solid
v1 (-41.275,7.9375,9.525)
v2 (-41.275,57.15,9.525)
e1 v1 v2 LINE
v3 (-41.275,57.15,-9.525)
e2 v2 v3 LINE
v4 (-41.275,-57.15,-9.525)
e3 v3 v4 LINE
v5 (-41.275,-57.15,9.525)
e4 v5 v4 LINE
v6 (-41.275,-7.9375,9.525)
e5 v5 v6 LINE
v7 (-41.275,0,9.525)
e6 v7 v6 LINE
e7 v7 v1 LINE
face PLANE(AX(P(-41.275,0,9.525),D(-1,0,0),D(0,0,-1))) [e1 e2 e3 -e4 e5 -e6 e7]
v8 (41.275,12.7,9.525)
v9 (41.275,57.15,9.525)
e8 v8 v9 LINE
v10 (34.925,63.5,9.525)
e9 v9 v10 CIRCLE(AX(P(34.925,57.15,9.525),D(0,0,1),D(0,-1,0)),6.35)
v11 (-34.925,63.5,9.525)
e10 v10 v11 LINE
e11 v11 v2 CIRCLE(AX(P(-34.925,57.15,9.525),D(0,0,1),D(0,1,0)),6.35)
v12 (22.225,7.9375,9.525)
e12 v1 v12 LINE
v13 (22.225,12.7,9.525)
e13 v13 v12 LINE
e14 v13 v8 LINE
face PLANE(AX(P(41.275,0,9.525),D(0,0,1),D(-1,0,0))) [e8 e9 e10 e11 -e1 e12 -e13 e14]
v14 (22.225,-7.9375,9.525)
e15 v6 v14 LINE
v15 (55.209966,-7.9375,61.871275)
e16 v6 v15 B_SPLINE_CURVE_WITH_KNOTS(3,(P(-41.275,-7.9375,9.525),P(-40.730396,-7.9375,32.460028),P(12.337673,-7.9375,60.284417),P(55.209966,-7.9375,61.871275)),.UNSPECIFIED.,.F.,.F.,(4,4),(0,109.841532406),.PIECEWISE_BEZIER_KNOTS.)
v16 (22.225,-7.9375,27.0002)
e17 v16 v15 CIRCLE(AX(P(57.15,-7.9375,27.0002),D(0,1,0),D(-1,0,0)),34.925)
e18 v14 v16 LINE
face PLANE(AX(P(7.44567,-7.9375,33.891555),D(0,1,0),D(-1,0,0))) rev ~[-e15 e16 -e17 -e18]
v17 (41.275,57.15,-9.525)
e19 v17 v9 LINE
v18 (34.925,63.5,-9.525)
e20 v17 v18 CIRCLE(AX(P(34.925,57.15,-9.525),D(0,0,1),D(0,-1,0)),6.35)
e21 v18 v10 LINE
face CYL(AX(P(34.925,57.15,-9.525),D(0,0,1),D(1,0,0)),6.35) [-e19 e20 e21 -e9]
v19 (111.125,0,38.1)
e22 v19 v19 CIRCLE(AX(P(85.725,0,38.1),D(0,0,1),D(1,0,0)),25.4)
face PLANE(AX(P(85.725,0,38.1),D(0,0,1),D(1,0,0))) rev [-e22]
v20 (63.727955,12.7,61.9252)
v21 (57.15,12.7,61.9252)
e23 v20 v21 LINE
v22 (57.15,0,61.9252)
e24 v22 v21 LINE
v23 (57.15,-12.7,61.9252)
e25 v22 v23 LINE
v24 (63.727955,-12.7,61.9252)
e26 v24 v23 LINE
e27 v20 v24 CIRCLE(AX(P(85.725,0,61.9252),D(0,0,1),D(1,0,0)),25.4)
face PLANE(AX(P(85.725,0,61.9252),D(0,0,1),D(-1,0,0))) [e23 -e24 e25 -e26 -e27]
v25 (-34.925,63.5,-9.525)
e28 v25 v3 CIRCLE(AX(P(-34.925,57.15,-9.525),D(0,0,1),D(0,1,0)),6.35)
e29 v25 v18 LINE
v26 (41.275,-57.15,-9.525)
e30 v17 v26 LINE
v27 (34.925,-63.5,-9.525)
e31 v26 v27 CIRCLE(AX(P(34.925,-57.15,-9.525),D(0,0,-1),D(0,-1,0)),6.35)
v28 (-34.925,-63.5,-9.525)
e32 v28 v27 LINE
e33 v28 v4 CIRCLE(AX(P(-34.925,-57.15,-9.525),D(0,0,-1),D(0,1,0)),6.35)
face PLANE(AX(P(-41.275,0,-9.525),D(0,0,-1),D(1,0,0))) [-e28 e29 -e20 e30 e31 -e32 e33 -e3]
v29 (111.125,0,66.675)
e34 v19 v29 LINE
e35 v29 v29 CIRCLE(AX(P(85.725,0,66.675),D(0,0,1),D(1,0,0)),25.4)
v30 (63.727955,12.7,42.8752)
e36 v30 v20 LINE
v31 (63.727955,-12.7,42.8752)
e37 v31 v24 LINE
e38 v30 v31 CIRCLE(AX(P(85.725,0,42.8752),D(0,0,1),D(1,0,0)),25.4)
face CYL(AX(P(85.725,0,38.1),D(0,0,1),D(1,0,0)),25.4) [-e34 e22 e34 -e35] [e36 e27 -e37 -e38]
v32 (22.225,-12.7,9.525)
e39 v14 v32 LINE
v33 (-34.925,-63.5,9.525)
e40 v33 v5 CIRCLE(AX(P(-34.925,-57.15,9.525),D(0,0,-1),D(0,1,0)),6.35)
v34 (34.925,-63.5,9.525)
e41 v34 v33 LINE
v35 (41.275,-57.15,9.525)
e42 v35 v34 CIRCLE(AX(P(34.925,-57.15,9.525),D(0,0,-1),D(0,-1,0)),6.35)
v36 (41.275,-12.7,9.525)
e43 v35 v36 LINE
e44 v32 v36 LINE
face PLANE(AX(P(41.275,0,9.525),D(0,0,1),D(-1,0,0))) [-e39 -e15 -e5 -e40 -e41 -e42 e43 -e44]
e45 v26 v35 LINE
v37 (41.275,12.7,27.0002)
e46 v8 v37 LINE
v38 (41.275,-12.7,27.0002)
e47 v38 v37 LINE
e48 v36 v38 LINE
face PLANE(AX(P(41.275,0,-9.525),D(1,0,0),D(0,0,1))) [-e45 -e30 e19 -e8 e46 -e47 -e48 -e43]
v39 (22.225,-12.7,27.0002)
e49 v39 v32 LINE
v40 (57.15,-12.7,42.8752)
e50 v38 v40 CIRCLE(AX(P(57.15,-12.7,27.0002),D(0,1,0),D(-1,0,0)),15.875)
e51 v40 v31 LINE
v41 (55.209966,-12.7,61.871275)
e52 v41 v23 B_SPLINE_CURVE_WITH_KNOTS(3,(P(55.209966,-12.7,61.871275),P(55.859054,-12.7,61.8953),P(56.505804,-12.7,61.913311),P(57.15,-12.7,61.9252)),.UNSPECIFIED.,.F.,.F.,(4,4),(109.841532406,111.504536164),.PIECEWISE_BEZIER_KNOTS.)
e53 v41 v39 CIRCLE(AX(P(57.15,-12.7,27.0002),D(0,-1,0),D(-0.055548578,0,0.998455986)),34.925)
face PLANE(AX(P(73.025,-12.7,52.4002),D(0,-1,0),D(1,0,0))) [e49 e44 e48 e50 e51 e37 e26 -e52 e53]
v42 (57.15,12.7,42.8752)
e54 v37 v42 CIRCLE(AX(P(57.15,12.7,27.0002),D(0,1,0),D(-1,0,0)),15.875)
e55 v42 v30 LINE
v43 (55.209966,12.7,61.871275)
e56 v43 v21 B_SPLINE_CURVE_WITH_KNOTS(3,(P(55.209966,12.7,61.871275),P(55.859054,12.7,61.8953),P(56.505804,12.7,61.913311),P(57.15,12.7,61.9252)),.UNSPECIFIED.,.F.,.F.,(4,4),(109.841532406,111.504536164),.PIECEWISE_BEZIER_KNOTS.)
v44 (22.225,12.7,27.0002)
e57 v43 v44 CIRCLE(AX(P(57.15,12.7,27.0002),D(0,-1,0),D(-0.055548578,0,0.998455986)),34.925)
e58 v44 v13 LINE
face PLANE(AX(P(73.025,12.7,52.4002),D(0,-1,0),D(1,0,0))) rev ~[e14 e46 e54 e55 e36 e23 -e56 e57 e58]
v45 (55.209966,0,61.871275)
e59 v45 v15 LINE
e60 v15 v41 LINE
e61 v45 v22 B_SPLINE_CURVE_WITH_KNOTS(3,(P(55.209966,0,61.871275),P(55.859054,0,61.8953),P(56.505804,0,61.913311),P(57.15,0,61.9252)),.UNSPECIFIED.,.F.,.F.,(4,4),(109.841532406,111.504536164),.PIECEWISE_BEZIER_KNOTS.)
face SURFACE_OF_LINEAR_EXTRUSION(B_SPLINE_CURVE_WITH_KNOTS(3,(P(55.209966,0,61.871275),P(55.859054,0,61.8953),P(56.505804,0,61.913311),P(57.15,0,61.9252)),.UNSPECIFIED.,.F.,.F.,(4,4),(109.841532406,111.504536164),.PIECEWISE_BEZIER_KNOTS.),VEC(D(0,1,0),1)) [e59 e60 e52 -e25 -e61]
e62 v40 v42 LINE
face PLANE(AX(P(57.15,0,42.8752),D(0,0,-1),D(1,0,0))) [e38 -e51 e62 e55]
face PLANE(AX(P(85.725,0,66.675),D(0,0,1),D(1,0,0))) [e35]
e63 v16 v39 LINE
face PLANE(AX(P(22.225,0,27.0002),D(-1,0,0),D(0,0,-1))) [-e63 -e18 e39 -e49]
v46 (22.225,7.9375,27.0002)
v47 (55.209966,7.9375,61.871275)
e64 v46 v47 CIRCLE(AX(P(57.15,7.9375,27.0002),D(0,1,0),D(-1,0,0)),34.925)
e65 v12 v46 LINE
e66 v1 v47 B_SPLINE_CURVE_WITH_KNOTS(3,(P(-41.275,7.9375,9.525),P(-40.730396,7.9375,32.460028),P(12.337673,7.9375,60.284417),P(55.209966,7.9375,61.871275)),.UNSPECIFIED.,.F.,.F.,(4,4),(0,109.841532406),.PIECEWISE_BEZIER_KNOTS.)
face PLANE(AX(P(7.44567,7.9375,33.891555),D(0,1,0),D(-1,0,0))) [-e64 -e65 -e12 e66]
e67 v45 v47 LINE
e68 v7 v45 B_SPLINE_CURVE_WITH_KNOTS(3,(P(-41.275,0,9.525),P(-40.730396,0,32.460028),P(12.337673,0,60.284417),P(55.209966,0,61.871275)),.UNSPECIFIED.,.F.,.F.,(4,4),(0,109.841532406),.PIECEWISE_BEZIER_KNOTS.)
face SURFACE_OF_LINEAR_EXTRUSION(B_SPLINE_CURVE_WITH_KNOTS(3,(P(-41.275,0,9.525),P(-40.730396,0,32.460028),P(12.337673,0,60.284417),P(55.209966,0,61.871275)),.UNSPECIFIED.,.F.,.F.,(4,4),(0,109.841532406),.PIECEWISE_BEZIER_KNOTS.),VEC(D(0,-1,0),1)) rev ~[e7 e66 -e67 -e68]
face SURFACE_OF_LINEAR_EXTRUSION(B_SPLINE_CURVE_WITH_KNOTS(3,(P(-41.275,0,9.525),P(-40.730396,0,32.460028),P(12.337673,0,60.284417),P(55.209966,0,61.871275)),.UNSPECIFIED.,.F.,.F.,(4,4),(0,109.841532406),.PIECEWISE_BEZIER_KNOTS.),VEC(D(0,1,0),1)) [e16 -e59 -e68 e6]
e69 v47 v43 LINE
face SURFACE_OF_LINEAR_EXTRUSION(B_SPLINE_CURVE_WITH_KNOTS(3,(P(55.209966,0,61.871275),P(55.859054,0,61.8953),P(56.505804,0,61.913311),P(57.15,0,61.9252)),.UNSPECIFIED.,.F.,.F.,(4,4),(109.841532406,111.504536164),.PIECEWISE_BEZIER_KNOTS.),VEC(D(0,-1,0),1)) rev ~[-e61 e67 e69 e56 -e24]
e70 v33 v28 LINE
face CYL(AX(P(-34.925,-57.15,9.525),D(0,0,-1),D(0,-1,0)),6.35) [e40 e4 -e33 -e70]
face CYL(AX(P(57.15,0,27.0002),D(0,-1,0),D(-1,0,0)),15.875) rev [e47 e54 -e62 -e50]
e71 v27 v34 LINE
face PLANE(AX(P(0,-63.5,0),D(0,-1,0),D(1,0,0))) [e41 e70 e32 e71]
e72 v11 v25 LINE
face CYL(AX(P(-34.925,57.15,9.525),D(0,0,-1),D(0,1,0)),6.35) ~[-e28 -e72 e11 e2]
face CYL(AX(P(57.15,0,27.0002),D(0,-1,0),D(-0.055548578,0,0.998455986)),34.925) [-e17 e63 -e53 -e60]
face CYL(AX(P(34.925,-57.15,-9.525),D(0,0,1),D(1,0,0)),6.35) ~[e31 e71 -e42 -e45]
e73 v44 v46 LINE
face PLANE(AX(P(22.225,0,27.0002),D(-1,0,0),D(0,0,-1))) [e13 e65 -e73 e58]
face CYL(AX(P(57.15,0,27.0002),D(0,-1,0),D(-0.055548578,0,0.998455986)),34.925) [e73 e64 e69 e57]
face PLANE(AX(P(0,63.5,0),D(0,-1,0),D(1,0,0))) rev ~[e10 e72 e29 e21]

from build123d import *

# Parameters (mm, degrees)
F1_DEPTH = 63.5
F0_W     = 25.4
F0_H     = 19.05
F2_DEPTH = 12.7
F3_DEPTH = 7.9375
F5_R     = 6.35


with BuildPart() as f1:
    # F0 (on Front) → F1 (new body, symmetric)
    with BuildSketch(Plane.XZ):
        Polygon((22.225, 9.525), (-41.275, 9.525), (-41.275, -9.525), (41.275, -9.525), (41.275, 9.525), align=None)
    extrude(amount=F1_DEPTH, both=True)

    # F0 (on Front) → F2 (join, symmetric)
    with BuildSketch(Plane.XZ):
        with Locations((73.025, 52.4002)):
            Rectangle(F0_W, F0_H)
        with BuildLine():
            Line((22.225, 27.0002), (22.225, 9.525))
            Line((22.225, 9.525), (41.275, 9.525))
            Line((41.275, 9.525), (41.275, 27.0002))
            ThreePointArc((41.275, 27.0002), (45.9246798487, 38.2255201513), (57.15, 42.8752))
            Line((57.15, 42.8752), (60.325, 42.8752))
            Line((60.325, 42.8752), (60.325, 61.9252))
            Line((60.325, 61.9252), (57.15, 61.9252))
            add(Edge.make_bspline(
                [(55.2099659043, 61.8712753019), (55.8590535699, 61.8953003864), (56.5058041555, 61.9133112934), (57.15, 61.9252)],
                knots=[109.841532406, 109.841532406, 109.841532406, 109.841532406, 111.5045361635, 111.5045361635, 111.5045361635, 111.5045361635], degree=3))
            ThreePointArc((55.2099659043, 61.8712753019), (31.7776595897, 51.0001993147), (22.225, 27.0002))
        make_face()
    extrude(amount=F2_DEPTH, both=True)

    # F0 (on Front) → F3 (join, symmetric)
    with BuildSketch(Plane.XZ):
        with BuildLine():
            add(Edge.make_bspline(
                [(-41.275, 9.525), (-40.7303956796, 32.4600275426), (12.3376731995, 60.2844165268), (55.2099659043, 61.8712753019)],
                knots=[0, 0, 0, 0, 109.841532406, 109.841532406, 109.841532406, 109.841532406], degree=3))
            Line((-41.275, 9.525), (22.225, 9.525))
            Line((22.225, 9.525), (22.225, 27.0002))
            ThreePointArc((22.225, 27.0002), (31.7776595897, 51.0001993147), (55.2099659043, 61.8712753019))
        make_face()
    extrude(amount=F3_DEPTH, both=True)

    # F0 (on Front) → F4 (revolve)
    with BuildSketch(Plane.XZ):
        Polygon((85.725, 66.675), (85.725, 61.9252), (85.725, 42.8752), (85.725, 38.1), (111.125, 38.1), (111.125, 66.675), align=None)
    revolve(axis=Axis((85.725, 0, 52.3875), (0, 0, 1)))

    # F5
    f5_edges = [f1.edges().sort_by_distance(p)[0] for p in [
        (-41.275, -63.5, 0),
        (41.275, -63.5, 0),
        (41.275, 63.5, 0),
        (-41.275, 63.5, 0),
    ]]
    fillet(f5_edges, radius=F5_R)


solid = f1.part
